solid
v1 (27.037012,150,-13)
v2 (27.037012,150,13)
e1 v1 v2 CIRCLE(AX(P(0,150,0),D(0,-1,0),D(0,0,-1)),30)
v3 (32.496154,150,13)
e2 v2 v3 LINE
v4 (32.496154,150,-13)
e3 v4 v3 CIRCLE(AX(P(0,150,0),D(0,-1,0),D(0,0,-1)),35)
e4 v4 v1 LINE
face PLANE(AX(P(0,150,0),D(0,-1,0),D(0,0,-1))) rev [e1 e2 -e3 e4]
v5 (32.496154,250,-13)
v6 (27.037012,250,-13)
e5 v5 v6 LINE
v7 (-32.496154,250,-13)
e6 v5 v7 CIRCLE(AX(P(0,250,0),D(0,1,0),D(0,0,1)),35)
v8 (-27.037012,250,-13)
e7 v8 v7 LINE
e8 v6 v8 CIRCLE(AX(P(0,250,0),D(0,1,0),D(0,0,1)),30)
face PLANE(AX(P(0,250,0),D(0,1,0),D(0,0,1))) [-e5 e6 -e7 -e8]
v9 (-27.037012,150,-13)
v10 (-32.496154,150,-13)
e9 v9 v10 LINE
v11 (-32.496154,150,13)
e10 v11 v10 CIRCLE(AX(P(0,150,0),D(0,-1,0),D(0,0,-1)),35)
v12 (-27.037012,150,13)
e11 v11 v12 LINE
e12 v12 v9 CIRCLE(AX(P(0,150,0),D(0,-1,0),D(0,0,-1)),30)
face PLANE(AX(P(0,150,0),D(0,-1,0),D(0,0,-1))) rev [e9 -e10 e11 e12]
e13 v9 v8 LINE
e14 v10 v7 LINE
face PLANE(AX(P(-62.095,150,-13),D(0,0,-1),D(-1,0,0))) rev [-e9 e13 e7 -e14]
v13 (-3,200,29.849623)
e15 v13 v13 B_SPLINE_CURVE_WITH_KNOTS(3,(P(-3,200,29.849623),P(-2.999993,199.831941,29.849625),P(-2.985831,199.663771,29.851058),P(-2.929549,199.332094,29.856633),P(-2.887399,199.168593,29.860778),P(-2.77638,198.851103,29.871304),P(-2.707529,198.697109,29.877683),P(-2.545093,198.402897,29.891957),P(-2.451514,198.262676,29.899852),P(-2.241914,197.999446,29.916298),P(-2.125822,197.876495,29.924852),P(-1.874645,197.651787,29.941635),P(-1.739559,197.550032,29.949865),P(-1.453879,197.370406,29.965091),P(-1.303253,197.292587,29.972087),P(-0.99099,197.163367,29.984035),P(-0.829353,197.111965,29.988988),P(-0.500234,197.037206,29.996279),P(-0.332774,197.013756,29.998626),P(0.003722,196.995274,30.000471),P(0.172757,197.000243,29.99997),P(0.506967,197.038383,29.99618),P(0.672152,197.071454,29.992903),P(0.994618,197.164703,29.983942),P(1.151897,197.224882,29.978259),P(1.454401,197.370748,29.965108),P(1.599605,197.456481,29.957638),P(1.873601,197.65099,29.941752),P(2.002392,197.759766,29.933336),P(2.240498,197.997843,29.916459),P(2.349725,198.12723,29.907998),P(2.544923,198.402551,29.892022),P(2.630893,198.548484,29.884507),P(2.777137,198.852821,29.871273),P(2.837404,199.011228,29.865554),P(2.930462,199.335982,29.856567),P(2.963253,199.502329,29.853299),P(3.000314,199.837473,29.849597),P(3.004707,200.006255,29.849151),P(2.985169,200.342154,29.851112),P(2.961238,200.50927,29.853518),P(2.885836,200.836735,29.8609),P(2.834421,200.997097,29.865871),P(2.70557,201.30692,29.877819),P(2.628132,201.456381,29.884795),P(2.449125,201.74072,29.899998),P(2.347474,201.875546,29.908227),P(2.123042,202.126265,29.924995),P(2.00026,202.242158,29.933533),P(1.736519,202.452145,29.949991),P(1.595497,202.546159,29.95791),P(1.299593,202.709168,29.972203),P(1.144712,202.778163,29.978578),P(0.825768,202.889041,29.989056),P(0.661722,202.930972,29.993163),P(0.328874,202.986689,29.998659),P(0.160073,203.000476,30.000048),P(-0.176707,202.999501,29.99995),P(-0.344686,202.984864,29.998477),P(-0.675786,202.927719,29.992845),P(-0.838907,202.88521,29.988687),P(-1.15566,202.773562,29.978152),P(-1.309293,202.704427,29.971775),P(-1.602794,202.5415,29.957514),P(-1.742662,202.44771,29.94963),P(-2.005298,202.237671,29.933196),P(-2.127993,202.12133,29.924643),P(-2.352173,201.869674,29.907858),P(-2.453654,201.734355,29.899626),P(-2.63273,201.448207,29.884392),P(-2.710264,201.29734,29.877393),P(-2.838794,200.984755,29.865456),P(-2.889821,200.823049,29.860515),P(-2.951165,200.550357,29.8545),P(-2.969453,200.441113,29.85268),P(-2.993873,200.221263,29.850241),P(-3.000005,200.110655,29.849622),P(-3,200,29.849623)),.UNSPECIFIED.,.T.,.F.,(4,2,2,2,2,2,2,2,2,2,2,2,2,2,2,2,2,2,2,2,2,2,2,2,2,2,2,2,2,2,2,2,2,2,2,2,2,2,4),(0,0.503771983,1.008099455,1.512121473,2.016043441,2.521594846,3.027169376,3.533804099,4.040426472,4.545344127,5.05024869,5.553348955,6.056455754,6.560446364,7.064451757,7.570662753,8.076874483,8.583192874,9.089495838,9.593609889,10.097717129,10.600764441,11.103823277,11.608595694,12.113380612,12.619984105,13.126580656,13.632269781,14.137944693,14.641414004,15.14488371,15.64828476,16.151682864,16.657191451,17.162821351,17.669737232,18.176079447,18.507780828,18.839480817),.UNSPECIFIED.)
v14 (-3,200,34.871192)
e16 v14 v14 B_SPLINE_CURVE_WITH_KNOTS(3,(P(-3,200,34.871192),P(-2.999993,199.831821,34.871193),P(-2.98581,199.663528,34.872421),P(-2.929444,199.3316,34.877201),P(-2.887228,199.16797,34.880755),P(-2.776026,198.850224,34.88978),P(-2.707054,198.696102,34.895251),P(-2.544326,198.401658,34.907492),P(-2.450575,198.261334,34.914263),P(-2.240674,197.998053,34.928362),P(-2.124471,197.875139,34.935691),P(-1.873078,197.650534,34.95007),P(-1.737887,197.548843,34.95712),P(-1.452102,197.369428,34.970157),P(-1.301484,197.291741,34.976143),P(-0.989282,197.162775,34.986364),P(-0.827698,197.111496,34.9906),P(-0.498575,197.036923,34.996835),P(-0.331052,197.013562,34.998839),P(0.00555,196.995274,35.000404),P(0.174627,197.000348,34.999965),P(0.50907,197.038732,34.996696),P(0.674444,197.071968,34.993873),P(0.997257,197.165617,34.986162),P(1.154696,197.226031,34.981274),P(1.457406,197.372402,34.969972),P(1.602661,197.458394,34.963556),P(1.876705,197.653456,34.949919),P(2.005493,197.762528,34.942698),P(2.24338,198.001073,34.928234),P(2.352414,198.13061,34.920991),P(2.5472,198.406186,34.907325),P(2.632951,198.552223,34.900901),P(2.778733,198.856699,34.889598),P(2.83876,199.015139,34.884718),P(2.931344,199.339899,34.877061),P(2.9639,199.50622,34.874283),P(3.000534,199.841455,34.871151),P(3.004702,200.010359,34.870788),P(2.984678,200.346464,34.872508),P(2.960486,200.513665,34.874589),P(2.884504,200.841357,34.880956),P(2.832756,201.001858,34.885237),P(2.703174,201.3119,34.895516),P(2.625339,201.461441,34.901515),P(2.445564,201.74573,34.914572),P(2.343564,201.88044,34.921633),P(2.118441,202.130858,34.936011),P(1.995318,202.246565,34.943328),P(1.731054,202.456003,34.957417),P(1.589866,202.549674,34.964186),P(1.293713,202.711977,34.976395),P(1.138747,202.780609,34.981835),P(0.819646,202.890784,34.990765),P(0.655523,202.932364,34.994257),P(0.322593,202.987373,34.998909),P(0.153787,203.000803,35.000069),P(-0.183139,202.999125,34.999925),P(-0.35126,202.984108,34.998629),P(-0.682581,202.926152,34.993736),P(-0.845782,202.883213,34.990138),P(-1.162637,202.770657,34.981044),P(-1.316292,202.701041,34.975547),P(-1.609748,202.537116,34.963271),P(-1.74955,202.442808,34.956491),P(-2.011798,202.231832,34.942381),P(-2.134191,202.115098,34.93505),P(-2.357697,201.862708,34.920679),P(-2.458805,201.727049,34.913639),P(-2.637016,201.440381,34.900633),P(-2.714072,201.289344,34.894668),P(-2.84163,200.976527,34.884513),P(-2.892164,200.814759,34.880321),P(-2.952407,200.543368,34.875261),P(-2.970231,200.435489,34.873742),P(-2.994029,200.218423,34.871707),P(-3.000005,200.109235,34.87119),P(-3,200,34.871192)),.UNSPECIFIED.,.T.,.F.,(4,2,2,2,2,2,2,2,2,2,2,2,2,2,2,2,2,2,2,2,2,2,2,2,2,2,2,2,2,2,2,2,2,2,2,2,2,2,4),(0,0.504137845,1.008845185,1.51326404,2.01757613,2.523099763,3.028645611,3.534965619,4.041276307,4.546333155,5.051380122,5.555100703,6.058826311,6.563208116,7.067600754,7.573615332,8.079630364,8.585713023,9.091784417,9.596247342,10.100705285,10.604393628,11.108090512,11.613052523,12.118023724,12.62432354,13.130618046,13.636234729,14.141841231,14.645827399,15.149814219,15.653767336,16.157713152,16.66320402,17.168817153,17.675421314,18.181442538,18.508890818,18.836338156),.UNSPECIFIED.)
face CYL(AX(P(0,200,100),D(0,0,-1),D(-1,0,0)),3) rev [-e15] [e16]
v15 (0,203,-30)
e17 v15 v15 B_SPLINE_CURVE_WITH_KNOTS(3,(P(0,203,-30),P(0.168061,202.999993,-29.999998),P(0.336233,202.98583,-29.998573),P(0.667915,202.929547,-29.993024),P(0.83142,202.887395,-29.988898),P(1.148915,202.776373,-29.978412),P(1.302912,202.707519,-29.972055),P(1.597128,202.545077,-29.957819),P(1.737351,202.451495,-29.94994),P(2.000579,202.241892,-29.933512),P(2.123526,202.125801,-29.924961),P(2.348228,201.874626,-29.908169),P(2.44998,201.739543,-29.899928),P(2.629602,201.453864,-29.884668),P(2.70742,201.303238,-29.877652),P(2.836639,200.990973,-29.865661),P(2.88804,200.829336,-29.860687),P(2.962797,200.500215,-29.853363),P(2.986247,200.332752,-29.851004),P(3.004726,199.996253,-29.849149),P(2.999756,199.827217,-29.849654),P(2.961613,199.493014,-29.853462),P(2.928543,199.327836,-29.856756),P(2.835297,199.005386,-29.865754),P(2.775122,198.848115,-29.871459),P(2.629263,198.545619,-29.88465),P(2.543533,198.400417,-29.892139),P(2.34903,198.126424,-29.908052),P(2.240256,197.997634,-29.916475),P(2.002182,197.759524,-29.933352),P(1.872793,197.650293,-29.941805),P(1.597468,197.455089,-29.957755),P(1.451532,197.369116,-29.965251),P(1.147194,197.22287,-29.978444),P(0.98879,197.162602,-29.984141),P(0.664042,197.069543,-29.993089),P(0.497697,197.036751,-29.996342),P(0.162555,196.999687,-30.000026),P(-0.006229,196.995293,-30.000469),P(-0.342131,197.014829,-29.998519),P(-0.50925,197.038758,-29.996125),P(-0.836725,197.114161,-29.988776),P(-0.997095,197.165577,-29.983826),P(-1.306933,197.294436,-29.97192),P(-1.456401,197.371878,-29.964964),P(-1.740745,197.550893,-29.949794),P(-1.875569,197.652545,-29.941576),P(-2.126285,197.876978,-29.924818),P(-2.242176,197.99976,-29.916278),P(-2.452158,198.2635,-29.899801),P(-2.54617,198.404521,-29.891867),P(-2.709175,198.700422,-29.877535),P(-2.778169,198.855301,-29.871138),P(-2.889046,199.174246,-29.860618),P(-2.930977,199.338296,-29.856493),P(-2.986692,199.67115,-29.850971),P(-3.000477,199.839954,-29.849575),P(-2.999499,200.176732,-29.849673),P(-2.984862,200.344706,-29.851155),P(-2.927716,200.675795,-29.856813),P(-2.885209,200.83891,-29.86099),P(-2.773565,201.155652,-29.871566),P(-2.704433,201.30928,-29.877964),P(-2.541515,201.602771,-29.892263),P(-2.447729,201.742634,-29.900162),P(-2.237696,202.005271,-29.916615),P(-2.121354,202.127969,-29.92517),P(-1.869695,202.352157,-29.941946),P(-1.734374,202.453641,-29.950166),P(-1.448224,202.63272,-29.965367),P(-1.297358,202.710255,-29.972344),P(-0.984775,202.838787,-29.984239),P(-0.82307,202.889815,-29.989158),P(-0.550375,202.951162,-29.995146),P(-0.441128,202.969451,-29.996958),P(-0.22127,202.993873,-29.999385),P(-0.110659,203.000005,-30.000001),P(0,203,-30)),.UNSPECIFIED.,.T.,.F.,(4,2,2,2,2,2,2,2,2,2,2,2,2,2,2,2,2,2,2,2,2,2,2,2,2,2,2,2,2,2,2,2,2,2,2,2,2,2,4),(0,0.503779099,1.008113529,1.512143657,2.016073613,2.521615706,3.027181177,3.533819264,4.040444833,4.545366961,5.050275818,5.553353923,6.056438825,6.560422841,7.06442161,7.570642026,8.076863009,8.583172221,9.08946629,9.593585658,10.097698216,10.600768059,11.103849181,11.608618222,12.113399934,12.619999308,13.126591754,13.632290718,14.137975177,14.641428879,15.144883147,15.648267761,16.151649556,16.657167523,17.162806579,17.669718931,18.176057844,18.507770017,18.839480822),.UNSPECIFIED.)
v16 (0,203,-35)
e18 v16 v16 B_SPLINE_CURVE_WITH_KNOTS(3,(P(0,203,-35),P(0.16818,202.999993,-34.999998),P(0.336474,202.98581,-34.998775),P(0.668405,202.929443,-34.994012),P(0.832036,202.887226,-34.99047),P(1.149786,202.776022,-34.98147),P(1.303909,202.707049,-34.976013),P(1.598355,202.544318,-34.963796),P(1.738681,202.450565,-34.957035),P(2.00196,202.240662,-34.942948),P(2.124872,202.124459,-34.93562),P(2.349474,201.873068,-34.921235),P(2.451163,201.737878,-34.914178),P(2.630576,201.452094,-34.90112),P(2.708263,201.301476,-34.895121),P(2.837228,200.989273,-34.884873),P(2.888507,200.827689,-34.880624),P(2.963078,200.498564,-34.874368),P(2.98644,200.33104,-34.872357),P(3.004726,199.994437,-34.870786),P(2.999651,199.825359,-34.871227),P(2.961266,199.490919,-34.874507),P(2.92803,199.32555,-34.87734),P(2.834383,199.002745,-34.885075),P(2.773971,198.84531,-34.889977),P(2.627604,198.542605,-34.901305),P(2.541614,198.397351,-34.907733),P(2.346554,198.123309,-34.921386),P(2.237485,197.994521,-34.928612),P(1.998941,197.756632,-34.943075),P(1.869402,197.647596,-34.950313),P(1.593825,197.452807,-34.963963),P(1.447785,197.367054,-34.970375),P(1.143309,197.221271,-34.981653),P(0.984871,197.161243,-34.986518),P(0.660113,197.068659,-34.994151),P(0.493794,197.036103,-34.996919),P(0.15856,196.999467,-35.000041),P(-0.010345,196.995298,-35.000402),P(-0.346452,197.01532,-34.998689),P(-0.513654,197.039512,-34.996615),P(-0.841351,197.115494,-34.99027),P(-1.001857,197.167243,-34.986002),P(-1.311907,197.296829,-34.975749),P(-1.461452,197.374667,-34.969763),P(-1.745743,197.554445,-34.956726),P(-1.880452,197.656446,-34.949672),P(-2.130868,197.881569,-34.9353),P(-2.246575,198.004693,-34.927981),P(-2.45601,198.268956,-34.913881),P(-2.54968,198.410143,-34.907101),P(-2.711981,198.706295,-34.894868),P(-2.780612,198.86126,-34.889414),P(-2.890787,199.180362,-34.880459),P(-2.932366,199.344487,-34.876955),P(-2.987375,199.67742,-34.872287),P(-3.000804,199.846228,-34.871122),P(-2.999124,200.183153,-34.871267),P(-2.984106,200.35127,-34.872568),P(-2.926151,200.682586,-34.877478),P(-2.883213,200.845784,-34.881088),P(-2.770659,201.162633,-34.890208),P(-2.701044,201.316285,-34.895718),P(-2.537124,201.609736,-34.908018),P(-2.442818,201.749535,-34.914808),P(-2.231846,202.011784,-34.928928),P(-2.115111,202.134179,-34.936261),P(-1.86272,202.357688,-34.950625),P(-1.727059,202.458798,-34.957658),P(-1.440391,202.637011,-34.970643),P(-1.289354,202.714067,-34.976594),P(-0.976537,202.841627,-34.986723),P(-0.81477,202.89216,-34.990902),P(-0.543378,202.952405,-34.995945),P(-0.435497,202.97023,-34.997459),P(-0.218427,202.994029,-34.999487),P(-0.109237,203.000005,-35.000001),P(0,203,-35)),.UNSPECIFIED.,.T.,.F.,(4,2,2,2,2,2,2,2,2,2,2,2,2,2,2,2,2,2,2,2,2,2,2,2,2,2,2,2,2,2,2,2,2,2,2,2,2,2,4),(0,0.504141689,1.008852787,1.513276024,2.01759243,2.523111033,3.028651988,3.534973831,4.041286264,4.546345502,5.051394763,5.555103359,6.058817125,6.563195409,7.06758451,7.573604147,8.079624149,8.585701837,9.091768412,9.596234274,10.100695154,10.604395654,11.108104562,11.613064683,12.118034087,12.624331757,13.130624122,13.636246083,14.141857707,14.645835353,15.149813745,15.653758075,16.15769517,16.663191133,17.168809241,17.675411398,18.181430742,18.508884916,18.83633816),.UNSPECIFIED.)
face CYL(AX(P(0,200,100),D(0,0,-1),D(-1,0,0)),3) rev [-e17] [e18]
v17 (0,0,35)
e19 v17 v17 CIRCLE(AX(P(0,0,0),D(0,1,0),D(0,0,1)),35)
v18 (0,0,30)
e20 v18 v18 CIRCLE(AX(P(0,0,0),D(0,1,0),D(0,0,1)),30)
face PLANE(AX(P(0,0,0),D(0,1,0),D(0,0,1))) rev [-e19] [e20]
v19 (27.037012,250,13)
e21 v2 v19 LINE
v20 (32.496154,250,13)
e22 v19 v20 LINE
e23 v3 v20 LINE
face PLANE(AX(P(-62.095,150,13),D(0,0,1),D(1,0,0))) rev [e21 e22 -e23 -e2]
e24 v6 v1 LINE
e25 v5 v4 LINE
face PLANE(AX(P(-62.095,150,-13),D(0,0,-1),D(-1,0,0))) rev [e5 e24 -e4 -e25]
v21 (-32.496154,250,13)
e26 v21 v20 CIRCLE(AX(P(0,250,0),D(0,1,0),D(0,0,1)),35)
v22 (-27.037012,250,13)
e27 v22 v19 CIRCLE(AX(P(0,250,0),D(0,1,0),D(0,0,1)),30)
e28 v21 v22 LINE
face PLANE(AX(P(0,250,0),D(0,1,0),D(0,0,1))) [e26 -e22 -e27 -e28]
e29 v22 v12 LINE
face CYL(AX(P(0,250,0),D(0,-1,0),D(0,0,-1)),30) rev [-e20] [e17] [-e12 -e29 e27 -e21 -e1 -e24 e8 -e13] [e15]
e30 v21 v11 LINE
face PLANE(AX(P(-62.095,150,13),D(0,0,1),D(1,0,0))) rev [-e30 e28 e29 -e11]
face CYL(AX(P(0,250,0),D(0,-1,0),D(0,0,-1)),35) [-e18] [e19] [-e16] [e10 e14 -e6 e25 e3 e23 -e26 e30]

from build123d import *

# Parameters (mm, degrees)
ESQUISSE3_R                  = 35
ESQUISSE3_R_2                = 30
BOSS_EXTRU_3_DEPTH           = 250
ESQUISSE4_W                  = 124.19
ESQUISSE4_H                  = 26
ENL_V_MAT_EXTRU_1_DEPTH      = 100
ENL_V_MAT_EXTRU_2_DEPTH      = 100
ENL_V_MAT_EXTRU_2_DEPTH_BACK = 100
ESQUISSE6_R                  = 3


with BuildPart() as part:
    # Esquisse3 → Boss.-Extru.3 (new body)
    with BuildSketch(Plane(origin=(0, 0, 0), x_dir=(1, 0, 0), z_dir=(0, 1, 0))):
        with Locations(Location((0, 0, 0), (0, 0, 270))):
            Circle(ESQUISSE3_R)
        with Locations(Location((0, 0, 0), (0, 0, 270))):
            Circle(ESQUISSE3_R_2, mode=Mode.SUBTRACT)
    extrude(amount=BOSS_EXTRU_3_DEPTH)

    # Esquisse4 → Enlèv. mat.-Extru.1 (cut)
    with BuildSketch(Plane(origin=(0, 250, 0), x_dir=(1, 0, 0), z_dir=(0, 1, 0))):
        Rectangle(ESQUISSE4_W, ESQUISSE4_H)
    extrude(amount=-ENL_V_MAT_EXTRU_1_DEPTH, mode=Mode.SUBTRACT)

    # Esquisse6 → Enlèv. mat.-Extru.2 (cut, two sides: drawn at the far end of the back side and taken through both)
    with BuildSketch(Plane.XY.offset(-ENL_V_MAT_EXTRU_2_DEPTH_BACK)):
        with Locations(Location((0, 200, 0), (0, 0, 180))):
            Circle(ESQUISSE6_R)
    extrude(amount=ENL_V_MAT_EXTRU_2_DEPTH + ENL_V_MAT_EXTRU_2_DEPTH_BACK, mode=Mode.SUBTRACT)


solid = part.part
